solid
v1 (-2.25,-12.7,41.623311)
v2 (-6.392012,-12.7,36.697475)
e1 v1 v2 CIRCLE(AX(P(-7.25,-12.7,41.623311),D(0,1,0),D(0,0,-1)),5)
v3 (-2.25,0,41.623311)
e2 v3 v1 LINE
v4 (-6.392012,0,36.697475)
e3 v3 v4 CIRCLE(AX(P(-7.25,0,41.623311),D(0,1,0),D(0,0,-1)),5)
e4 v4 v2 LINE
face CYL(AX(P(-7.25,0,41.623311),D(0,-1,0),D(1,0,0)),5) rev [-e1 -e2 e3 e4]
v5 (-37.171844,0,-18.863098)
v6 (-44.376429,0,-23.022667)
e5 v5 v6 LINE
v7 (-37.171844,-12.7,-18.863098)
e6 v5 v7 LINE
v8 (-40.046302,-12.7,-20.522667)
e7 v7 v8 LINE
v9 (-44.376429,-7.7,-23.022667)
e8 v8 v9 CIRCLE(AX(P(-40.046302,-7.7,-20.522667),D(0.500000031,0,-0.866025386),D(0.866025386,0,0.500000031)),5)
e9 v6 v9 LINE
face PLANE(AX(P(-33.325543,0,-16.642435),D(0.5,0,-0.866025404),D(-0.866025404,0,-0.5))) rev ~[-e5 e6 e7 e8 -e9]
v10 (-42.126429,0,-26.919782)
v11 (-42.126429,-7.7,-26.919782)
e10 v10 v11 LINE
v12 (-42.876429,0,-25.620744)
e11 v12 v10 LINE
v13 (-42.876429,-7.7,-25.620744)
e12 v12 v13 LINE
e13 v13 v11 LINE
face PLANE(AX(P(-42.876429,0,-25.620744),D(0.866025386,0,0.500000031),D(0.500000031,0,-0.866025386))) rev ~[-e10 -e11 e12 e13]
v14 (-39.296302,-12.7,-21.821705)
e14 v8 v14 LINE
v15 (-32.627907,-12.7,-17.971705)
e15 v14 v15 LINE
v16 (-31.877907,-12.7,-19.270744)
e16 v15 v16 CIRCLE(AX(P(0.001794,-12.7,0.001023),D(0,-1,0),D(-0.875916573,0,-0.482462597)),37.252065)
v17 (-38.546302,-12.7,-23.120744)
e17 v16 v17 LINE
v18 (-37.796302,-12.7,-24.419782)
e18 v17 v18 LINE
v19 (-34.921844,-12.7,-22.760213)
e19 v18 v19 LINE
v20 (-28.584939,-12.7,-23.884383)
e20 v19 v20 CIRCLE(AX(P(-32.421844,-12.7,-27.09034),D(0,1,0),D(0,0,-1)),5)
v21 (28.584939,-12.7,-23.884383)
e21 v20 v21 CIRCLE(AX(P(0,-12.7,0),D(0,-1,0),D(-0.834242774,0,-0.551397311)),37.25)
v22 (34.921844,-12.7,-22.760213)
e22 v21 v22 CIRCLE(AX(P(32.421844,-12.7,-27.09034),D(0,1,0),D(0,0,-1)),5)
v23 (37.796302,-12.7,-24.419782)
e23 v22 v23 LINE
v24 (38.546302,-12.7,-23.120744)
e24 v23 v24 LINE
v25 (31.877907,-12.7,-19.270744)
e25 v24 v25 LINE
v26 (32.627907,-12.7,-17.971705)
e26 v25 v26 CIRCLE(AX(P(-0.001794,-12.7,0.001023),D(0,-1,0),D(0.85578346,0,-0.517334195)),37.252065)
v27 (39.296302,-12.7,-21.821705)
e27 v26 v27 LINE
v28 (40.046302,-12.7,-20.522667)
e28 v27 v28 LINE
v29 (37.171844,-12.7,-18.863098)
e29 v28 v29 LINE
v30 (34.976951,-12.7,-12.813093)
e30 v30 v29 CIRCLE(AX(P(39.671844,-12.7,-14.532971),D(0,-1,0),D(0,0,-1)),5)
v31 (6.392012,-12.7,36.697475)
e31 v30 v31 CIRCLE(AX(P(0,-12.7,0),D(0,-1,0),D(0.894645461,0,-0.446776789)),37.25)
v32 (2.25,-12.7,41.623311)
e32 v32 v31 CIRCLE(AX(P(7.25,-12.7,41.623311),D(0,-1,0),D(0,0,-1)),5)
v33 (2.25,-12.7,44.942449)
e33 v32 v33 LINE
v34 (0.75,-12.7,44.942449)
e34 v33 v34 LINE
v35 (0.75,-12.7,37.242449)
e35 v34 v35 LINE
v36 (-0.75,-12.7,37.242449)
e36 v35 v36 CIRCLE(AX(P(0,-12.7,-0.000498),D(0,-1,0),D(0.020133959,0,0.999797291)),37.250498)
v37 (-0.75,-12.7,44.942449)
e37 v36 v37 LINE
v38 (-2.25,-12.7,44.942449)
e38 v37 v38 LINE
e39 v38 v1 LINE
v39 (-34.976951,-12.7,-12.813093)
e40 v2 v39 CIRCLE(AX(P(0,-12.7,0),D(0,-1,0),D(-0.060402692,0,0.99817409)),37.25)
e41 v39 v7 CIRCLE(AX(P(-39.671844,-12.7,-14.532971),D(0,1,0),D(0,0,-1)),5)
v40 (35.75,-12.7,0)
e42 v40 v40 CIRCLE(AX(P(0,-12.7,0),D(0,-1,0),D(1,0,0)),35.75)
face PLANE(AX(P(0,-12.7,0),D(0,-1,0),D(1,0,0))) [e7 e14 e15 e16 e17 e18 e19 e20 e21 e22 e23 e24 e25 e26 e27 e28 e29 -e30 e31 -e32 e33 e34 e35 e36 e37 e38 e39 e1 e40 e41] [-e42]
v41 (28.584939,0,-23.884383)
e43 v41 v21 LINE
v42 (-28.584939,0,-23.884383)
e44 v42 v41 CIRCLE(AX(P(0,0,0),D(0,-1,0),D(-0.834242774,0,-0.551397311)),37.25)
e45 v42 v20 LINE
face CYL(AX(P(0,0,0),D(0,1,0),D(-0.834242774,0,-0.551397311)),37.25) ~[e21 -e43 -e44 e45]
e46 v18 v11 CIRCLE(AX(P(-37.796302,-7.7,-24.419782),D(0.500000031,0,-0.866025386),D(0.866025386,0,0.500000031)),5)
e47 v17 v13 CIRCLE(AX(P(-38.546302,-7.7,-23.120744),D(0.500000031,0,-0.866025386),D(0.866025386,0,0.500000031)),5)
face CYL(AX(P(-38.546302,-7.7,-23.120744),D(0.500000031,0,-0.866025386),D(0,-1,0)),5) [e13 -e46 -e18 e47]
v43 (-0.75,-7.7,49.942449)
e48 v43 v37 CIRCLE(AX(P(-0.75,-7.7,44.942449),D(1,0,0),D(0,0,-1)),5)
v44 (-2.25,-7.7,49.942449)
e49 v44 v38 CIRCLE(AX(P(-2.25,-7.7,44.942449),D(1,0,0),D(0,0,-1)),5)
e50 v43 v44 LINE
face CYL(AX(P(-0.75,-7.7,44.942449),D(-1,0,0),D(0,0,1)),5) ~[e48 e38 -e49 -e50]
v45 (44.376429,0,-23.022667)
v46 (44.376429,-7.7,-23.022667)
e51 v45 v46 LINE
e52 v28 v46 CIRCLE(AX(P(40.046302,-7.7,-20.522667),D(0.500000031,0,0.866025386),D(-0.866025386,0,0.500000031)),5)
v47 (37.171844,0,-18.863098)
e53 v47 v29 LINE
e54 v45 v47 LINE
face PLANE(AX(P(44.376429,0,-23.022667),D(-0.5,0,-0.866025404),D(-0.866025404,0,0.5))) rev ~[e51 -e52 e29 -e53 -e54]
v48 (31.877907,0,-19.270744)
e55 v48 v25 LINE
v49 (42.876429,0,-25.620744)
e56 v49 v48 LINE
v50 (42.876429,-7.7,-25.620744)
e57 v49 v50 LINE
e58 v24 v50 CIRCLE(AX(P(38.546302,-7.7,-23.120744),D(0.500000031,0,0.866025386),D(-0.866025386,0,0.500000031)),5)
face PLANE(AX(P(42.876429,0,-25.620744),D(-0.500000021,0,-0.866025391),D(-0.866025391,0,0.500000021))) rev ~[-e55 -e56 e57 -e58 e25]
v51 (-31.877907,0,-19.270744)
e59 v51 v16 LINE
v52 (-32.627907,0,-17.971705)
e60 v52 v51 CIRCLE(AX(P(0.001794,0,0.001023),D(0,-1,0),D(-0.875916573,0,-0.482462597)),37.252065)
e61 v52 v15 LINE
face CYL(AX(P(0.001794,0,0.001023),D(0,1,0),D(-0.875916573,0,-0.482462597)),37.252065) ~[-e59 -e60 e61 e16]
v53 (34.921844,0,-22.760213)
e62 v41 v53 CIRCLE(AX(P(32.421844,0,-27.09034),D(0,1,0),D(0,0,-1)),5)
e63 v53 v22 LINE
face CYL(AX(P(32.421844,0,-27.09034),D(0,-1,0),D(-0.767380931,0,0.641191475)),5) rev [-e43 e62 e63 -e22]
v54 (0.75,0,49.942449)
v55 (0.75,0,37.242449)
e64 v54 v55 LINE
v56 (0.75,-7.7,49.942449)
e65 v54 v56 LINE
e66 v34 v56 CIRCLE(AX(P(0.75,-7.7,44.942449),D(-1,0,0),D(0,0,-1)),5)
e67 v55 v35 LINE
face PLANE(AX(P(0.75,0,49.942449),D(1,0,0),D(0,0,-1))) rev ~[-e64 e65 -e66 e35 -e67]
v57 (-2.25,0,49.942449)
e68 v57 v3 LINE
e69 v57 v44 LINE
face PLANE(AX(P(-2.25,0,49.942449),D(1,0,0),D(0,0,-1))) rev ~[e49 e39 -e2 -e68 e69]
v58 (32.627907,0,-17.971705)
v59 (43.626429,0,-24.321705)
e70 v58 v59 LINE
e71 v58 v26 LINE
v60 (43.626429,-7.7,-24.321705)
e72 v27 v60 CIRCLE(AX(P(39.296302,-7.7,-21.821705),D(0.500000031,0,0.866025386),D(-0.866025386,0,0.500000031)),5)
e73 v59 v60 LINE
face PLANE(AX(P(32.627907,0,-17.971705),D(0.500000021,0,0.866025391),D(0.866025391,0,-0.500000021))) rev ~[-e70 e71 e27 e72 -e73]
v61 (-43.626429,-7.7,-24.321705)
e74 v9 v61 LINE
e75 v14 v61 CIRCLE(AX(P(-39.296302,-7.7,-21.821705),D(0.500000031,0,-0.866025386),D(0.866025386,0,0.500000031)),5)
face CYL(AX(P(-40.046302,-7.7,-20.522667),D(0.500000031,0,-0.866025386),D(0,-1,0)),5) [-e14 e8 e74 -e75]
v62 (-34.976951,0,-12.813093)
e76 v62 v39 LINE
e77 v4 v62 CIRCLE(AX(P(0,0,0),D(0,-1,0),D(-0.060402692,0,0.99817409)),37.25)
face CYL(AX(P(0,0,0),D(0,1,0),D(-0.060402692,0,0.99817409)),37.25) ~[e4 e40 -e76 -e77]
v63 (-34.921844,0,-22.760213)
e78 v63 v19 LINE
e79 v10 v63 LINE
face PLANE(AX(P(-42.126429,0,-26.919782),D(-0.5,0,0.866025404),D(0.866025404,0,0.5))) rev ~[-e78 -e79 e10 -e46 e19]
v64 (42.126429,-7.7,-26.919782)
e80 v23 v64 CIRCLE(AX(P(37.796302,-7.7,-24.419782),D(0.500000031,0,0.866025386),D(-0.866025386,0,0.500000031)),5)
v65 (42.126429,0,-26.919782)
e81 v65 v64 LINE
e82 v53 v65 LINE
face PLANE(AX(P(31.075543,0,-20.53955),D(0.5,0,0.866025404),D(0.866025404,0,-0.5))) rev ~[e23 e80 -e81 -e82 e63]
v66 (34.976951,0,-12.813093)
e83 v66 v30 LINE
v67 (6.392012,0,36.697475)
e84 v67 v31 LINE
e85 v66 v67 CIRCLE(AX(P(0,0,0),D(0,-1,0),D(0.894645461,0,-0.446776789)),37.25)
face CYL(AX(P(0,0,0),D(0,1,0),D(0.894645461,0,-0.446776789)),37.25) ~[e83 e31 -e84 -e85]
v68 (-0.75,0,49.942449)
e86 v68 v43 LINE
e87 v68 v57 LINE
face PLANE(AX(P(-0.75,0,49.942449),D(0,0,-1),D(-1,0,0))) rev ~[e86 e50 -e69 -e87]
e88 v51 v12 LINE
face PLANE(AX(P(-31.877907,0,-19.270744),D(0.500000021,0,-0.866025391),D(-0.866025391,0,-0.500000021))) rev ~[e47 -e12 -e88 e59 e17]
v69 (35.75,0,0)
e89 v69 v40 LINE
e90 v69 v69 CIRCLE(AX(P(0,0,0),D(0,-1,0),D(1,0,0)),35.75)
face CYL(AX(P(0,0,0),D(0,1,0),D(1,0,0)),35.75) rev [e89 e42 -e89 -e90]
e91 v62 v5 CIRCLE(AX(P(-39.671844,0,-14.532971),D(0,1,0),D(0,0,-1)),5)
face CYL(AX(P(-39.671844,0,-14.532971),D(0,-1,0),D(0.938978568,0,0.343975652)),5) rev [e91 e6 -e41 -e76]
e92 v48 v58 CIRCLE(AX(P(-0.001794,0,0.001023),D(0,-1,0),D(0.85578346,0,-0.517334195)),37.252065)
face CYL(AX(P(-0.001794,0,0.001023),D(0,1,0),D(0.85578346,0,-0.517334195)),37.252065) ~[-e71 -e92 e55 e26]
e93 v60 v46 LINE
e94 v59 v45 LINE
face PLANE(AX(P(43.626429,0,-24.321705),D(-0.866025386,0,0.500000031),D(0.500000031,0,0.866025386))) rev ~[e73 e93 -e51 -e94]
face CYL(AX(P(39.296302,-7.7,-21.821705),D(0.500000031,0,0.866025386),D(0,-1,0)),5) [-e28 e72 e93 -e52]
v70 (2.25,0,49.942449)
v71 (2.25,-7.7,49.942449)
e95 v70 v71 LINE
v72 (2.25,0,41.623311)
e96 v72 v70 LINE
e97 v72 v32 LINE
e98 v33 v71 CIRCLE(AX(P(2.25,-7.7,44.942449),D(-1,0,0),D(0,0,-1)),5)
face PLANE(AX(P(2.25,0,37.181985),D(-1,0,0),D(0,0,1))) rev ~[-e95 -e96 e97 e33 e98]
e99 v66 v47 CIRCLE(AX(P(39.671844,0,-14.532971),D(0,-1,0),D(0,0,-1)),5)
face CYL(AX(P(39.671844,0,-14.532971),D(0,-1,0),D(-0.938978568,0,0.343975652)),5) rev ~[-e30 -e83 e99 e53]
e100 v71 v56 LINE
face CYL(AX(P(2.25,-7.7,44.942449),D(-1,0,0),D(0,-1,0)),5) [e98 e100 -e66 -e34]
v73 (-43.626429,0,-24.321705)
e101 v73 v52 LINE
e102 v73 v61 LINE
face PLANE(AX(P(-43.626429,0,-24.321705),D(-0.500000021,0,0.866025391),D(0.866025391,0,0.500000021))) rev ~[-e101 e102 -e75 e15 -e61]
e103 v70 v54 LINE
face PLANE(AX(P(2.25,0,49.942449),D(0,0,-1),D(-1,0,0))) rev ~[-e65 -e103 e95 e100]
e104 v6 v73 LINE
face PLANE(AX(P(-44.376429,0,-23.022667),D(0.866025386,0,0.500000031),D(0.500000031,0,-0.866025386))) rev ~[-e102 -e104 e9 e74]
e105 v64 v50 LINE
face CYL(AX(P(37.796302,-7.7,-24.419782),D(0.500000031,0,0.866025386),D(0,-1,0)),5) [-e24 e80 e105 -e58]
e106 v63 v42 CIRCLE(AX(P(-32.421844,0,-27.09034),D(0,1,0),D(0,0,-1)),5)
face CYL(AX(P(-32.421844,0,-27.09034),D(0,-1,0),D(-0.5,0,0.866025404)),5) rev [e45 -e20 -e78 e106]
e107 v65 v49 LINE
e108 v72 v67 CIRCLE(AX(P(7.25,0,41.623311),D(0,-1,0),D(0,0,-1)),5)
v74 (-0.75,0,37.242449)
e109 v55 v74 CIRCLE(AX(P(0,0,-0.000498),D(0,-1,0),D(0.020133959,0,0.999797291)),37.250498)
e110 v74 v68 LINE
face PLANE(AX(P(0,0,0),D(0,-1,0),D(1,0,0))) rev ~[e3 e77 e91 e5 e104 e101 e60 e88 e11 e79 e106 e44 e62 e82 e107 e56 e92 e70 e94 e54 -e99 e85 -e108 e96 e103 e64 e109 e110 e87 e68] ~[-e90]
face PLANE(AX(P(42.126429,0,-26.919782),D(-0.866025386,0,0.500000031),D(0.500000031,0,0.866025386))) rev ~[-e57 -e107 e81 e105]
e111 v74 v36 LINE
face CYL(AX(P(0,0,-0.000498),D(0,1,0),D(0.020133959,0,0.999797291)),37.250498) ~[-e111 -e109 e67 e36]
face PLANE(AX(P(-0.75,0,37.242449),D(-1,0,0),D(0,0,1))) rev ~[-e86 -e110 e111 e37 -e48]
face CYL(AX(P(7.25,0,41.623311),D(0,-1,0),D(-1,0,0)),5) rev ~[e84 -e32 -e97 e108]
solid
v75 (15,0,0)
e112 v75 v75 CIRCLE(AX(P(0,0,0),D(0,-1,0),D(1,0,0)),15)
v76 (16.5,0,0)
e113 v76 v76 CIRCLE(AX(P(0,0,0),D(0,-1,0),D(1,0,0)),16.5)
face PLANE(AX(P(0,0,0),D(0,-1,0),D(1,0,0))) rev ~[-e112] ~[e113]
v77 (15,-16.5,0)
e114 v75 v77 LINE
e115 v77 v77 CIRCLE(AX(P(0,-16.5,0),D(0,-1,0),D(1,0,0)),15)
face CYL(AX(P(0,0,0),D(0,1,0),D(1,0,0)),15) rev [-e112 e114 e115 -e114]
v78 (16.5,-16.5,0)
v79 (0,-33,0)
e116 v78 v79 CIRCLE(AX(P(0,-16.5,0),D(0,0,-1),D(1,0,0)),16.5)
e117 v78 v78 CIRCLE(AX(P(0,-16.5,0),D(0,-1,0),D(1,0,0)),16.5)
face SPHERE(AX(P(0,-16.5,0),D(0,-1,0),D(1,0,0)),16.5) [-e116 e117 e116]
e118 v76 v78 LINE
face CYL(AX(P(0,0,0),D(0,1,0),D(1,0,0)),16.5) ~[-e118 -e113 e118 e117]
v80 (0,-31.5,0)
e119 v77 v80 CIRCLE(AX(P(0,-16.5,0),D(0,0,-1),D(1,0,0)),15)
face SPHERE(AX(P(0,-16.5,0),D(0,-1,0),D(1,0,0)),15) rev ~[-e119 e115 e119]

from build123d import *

# Parameters (mm, degrees)
F0_R     = 35.75
F1_DEPTH = 12.7
F2_R     = 5
F3_R     = 5
F4_R     = 16.5
F5_DEPTH = 33
F6_R     = 16.5
F7_T     = -1.5


with BuildPart() as f1:
    # F0 (on Front) → F1 (new body)
    with BuildSketch(Plane.XZ):
        with BuildLine():
            Line((-2.25, 49.942449), (-2.25, 37.181985))
            ThreePointArc((-2.25, 37.181985), (-32.259446, 18.625), (-33.325543, -16.642435))
            Line((-33.325543, -16.642435), (-44.376429, -23.022667))
            Line((-44.376429, -23.022667), (-43.626429, -24.321705))
            Line((-43.626429, -24.321705), (-32.627907, -17.971705))
            ThreePointArc((-32.627907, -17.971705), (-32.259446, -18.625), (-31.877907, -19.270744))
            Line((-31.877907, -19.270744), (-42.876429, -25.620744))
            Line((-42.876429, -25.620744), (-42.126429, -26.919782))
            Line((-42.126429, -26.919782), (-31.075543, -20.53955))
            ThreePointArc((-31.075543, -20.53955), (0, -37.25), (31.075543, -20.53955))
            Line((31.075543, -20.53955), (42.126429, -26.919782))
            Line((42.126429, -26.919782), (42.876429, -25.620744))
            Line((42.876429, -25.620744), (31.877907, -19.270744))
            ThreePointArc((31.877907, -19.270744), (32.259446, -18.625), (32.627907, -17.971705))
            Line((32.627907, -17.971705), (43.626429, -24.321705))
            Line((43.626429, -24.321705), (44.376429, -23.022667))
            Line((44.376429, -23.022667), (33.325543, -16.642435))
            ThreePointArc((33.325543, -16.642435), (32.259446, 18.625), (2.25, 37.181985))
            Line((2.25, 37.181985), (2.25, 49.942449))
            Line((2.25, 49.942449), (0.75, 49.942449))
            Line((0.75, 49.942449), (0.75, 37.242449))
            ThreePointArc((0.75, 37.242449), (0, 37.25), (-0.75, 37.242449))
            Line((-0.75, 37.242449), (-0.75, 49.942449))
            Line((-0.75, 49.942449), (-2.25, 49.942449))
        make_face()
        Circle(F0_R, mode=Mode.SUBTRACT)
    extrude(amount=F1_DEPTH)

    # F2
    f2_edges = [f1.edges().sort_by_distance(p)[0] for p in [
        (31.075543, -6.35, -20.53955),
        (-31.075543, -6.35, -20.53955),
        (-33.325543, -6.35, -16.642435),
        (-2.25, -6.35, 37.181985),
        (2.25, -6.35, 37.181985),
        (33.325543, -6.35, -16.642435),
    ]]
    fillet(f2_edges, radius=F2_R)

    # F3
    f3_edges = [f1.edges().sort_by_distance(p)[0] for p in [
        (44.001429, -12.7, -23.672186),
        (42.501429, -12.7, -26.270263),
        (-42.501429, -12.7, -26.270263),
        (-44.001429, -12.7, -23.672186),
        (-1.5, -12.7, 49.942449),
        (1.5, -12.7, 49.942449),
    ]]
    fillet(f3_edges, radius=F3_R)


with BuildPart() as f5:
    # F4 (on Front) → F5 (new body)
    with BuildSketch(Plane.XZ):
        Circle(F4_R)
    extrude(amount=F5_DEPTH)

    # F6
    f6_edges = [f5.edges().sort_by_distance(p)[0] for p in [
        (-16.5, -33, 0),
    ]]
    fillet(f6_edges, radius=F6_R)

    # F7
    f7_openings = [f5.faces().sort_by_distance(p)[0] for p in [
        (0, 0, 0),
    ]]
    offset(amount=F7_T, openings=f7_openings)


solid = Compound([f1.part, f5.part])
